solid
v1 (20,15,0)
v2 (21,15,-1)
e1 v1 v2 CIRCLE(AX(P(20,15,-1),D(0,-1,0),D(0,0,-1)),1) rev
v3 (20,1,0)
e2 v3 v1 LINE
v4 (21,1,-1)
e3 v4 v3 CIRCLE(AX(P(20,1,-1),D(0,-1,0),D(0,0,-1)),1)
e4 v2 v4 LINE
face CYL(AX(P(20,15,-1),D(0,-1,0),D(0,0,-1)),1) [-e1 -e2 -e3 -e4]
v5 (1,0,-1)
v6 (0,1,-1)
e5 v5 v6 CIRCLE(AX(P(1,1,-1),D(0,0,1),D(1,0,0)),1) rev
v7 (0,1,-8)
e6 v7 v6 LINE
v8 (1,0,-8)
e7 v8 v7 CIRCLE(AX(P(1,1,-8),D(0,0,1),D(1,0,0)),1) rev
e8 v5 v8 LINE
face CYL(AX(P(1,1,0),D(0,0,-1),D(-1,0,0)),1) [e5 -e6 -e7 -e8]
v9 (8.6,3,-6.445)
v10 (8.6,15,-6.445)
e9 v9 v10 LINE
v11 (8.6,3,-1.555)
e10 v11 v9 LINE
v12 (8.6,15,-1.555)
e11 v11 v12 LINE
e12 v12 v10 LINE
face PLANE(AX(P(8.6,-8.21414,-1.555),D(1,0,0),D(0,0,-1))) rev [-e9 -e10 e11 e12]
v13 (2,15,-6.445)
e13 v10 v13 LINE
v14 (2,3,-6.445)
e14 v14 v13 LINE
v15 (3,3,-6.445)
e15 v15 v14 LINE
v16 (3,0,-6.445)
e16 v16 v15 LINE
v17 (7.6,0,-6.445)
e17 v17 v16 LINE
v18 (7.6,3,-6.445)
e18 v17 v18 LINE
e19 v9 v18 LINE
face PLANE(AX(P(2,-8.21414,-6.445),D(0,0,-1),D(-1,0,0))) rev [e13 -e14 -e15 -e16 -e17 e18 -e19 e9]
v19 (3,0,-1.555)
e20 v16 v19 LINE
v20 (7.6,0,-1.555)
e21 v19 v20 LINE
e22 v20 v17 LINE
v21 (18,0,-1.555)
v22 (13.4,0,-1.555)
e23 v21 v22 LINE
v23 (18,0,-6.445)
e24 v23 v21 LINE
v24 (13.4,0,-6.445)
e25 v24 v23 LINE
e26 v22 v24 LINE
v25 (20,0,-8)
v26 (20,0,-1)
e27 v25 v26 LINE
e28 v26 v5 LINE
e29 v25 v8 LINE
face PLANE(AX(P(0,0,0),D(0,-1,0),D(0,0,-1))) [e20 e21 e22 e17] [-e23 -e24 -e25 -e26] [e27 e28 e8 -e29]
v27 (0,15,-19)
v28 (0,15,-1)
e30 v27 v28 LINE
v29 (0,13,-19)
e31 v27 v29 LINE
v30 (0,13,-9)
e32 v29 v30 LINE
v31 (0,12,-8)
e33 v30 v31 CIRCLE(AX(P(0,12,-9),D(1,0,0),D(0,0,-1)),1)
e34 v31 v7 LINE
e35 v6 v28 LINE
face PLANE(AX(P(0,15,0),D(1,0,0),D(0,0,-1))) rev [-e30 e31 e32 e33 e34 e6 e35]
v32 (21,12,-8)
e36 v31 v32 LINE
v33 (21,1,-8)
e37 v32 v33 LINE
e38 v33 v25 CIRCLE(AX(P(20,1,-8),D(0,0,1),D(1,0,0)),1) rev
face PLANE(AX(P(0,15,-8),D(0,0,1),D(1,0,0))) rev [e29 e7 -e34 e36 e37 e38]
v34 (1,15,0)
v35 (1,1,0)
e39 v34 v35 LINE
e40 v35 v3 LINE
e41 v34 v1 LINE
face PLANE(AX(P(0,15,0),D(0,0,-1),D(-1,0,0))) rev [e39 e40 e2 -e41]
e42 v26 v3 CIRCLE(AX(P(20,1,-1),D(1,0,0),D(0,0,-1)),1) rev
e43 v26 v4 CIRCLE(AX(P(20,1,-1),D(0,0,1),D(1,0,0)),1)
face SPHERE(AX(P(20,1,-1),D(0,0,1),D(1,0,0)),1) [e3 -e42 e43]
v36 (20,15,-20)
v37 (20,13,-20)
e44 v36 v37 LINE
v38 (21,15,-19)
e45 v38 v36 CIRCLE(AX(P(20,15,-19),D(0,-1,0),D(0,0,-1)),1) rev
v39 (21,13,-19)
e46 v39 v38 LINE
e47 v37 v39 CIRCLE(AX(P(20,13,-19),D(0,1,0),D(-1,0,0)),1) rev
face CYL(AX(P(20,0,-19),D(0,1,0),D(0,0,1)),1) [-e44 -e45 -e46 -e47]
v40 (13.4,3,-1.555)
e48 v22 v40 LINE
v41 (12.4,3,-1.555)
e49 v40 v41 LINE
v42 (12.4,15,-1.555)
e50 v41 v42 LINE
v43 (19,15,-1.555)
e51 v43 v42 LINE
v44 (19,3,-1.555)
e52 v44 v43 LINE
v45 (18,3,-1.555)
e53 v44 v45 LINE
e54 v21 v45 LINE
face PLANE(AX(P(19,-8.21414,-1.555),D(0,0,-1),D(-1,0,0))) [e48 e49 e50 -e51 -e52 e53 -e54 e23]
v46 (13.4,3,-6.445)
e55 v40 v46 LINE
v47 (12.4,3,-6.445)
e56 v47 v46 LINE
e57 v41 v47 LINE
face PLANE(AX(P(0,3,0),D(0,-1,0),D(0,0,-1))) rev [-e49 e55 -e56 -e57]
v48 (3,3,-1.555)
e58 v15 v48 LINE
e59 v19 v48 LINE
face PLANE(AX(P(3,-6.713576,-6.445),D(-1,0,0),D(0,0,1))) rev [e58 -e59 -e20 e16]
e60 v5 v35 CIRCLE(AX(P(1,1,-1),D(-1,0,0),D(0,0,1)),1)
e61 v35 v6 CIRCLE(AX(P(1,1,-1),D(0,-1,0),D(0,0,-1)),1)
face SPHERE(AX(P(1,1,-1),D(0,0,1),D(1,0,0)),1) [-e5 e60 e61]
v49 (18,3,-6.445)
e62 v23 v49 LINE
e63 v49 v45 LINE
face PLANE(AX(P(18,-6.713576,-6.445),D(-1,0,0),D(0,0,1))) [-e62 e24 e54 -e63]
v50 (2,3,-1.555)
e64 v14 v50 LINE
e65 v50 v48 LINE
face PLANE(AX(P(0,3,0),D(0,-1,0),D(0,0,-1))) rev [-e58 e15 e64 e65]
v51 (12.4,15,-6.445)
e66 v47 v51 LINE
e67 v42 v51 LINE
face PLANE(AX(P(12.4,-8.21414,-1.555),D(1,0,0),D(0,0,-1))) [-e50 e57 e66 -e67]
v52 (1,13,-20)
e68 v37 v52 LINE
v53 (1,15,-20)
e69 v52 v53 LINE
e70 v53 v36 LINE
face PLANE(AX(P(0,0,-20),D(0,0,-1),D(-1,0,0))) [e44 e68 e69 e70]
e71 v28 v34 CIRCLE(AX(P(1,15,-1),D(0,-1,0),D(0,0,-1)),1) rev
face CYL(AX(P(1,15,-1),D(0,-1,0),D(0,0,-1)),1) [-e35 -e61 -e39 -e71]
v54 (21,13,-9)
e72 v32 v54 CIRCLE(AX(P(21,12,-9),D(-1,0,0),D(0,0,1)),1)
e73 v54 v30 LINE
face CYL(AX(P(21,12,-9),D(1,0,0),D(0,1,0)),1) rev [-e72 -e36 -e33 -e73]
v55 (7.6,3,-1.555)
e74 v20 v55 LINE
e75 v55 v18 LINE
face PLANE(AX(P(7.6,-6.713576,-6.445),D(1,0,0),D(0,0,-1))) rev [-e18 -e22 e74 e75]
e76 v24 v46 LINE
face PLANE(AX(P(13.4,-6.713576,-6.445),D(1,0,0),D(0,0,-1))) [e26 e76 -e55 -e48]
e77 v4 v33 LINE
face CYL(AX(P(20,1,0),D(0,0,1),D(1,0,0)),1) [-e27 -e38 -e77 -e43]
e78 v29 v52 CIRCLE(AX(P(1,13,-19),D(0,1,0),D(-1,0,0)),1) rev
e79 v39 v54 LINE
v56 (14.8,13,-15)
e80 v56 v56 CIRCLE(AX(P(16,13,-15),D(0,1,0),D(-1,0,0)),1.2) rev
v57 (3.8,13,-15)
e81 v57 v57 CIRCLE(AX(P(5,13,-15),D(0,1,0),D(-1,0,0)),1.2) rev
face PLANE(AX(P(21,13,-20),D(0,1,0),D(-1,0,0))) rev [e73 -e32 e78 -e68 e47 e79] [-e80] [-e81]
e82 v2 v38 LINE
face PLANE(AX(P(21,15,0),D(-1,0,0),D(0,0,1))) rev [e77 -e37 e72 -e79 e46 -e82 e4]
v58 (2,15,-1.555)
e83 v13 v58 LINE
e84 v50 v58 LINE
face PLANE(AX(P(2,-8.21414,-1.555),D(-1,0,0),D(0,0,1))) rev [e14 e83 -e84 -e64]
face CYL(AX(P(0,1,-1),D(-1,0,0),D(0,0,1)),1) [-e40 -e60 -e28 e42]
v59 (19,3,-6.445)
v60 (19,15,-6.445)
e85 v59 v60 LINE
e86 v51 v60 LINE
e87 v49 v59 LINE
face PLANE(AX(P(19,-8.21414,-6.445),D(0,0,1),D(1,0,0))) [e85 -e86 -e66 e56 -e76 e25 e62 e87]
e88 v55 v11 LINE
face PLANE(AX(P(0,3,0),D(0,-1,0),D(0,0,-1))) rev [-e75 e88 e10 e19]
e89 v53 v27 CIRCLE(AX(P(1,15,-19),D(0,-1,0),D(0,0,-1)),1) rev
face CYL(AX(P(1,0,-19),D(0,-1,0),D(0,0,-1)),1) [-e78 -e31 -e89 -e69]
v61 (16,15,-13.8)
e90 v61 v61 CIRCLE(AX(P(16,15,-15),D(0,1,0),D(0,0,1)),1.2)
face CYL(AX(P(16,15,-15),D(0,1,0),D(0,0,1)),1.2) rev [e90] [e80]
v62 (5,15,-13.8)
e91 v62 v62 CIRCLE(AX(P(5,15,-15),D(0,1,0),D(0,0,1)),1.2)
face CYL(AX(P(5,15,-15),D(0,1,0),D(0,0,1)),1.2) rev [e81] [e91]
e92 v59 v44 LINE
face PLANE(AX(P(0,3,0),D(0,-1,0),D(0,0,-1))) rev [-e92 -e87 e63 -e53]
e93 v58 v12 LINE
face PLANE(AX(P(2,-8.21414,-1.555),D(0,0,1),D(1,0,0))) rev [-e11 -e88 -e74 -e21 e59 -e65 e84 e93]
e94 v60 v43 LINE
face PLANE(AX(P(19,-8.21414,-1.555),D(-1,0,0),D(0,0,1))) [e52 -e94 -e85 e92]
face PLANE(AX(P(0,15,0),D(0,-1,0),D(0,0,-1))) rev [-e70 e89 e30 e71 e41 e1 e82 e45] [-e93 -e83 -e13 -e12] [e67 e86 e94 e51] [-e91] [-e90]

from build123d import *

# Parameters (mm, degrees)
SKETCH1_W              = 21
SKETCH1_H              = 8
MAINBODY_DEPTH         = 15
SKETCH3_W              = 6.6
SKETCH3_H              = 4.89
QRDCLEARANCE_DEPTH     = 12
SKETCH4_W              = 4.6
SKETCH4_H              = 4.89
VISIONTUNNEL_DEPTH     = 3
FILLET1_R              = 1
SKETCH5_W              = 21
SKETCH5_H              = 2
FASTENINGBRACKET_DEPTH = 12
FILLET2_R              = 1
M2_CLEARANCE_HOLE1_D   = 2.4


with BuildPart() as part:
    # Sketch1 → mainBody (new body)
    with BuildSketch(Plane(origin=(0, 0, 0), x_dir=(1, 0, 0), z_dir=(0, 1, 0))):
        with Locations((10.5, 4)):
            Rectangle(SKETCH1_W, SKETCH1_H)
    extrude(amount=MAINBODY_DEPTH)

    # Sketch3 → QRDClearance (cut)
    with BuildSketch(Plane(origin=(0, 15, 0), x_dir=(1, 0, 0), z_dir=(0, 1, 0))):
        with Locations((5.3, 4)):
            Rectangle(SKETCH3_W, SKETCH3_H)
    qrdclearance = extrude(amount=-QRDCLEARANCE_DEPTH, mode=Mode.SUBTRACT)

    # Sketch4 → visionTunnel (cut)
    with BuildSketch(Plane(origin=(0, 3, 0), x_dir=(1, 0, 0), z_dir=(0, 1, 0))):
        with Locations((5.3, 4)):
            Rectangle(SKETCH4_W, SKETCH4_H)
    visiontunnel = extrude(amount=-VISIONTUNNEL_DEPTH, mode=Mode.SUBTRACT)

    # socketMirror: QRDClearance, visionTunnel across plane
    add(qrdclearance.mirror(Plane.ZY.offset(-10.5)), mode=Mode.SUBTRACT)
    add(visiontunnel.mirror(Plane.ZY.offset(-10.5)), mode=Mode.SUBTRACT)

    # Fillet1
    fillet1_edges = [part.edges().sort_by_distance(p)[0] for p in [
        (21, 0, -4),
        (10.5, 0, 0),
        (0, 0, -4),
        (21, 7.5, 0),
        (0, 7.5, 0),
    ]]
    fillet(fillet1_edges, radius=FILLET1_R)

    # Sketch5 → fasteningBracket (add)
    with BuildSketch(Plane(origin=(0, 0, -8), x_dir=(-1, 0, 0), z_dir=(0, 0, -1))):
        with Locations((-10.5, 14)):
            Rectangle(SKETCH5_W, SKETCH5_H)
    extrude(amount=FASTENINGBRACKET_DEPTH)

    # Fillet2
    fillet2_edges = [part.edges().sort_by_distance(p)[0] for p in [
        (0, 14, -20),
        (21, 14, -20),
        (10.5, 13, -8),
    ]]
    fillet(fillet2_edges, radius=FILLET2_R)

    # M2 Clearance Hole1 (through all)
    with Locations(Plane(origin=(5, 15, -15), x_dir=(0, 0, 1), z_dir=(0, 1, 0))):
        with Locations((0, 0), (0, 11)):
            Hole(M2_CLEARANCE_HOLE1_D / 2)


solid = part.part
